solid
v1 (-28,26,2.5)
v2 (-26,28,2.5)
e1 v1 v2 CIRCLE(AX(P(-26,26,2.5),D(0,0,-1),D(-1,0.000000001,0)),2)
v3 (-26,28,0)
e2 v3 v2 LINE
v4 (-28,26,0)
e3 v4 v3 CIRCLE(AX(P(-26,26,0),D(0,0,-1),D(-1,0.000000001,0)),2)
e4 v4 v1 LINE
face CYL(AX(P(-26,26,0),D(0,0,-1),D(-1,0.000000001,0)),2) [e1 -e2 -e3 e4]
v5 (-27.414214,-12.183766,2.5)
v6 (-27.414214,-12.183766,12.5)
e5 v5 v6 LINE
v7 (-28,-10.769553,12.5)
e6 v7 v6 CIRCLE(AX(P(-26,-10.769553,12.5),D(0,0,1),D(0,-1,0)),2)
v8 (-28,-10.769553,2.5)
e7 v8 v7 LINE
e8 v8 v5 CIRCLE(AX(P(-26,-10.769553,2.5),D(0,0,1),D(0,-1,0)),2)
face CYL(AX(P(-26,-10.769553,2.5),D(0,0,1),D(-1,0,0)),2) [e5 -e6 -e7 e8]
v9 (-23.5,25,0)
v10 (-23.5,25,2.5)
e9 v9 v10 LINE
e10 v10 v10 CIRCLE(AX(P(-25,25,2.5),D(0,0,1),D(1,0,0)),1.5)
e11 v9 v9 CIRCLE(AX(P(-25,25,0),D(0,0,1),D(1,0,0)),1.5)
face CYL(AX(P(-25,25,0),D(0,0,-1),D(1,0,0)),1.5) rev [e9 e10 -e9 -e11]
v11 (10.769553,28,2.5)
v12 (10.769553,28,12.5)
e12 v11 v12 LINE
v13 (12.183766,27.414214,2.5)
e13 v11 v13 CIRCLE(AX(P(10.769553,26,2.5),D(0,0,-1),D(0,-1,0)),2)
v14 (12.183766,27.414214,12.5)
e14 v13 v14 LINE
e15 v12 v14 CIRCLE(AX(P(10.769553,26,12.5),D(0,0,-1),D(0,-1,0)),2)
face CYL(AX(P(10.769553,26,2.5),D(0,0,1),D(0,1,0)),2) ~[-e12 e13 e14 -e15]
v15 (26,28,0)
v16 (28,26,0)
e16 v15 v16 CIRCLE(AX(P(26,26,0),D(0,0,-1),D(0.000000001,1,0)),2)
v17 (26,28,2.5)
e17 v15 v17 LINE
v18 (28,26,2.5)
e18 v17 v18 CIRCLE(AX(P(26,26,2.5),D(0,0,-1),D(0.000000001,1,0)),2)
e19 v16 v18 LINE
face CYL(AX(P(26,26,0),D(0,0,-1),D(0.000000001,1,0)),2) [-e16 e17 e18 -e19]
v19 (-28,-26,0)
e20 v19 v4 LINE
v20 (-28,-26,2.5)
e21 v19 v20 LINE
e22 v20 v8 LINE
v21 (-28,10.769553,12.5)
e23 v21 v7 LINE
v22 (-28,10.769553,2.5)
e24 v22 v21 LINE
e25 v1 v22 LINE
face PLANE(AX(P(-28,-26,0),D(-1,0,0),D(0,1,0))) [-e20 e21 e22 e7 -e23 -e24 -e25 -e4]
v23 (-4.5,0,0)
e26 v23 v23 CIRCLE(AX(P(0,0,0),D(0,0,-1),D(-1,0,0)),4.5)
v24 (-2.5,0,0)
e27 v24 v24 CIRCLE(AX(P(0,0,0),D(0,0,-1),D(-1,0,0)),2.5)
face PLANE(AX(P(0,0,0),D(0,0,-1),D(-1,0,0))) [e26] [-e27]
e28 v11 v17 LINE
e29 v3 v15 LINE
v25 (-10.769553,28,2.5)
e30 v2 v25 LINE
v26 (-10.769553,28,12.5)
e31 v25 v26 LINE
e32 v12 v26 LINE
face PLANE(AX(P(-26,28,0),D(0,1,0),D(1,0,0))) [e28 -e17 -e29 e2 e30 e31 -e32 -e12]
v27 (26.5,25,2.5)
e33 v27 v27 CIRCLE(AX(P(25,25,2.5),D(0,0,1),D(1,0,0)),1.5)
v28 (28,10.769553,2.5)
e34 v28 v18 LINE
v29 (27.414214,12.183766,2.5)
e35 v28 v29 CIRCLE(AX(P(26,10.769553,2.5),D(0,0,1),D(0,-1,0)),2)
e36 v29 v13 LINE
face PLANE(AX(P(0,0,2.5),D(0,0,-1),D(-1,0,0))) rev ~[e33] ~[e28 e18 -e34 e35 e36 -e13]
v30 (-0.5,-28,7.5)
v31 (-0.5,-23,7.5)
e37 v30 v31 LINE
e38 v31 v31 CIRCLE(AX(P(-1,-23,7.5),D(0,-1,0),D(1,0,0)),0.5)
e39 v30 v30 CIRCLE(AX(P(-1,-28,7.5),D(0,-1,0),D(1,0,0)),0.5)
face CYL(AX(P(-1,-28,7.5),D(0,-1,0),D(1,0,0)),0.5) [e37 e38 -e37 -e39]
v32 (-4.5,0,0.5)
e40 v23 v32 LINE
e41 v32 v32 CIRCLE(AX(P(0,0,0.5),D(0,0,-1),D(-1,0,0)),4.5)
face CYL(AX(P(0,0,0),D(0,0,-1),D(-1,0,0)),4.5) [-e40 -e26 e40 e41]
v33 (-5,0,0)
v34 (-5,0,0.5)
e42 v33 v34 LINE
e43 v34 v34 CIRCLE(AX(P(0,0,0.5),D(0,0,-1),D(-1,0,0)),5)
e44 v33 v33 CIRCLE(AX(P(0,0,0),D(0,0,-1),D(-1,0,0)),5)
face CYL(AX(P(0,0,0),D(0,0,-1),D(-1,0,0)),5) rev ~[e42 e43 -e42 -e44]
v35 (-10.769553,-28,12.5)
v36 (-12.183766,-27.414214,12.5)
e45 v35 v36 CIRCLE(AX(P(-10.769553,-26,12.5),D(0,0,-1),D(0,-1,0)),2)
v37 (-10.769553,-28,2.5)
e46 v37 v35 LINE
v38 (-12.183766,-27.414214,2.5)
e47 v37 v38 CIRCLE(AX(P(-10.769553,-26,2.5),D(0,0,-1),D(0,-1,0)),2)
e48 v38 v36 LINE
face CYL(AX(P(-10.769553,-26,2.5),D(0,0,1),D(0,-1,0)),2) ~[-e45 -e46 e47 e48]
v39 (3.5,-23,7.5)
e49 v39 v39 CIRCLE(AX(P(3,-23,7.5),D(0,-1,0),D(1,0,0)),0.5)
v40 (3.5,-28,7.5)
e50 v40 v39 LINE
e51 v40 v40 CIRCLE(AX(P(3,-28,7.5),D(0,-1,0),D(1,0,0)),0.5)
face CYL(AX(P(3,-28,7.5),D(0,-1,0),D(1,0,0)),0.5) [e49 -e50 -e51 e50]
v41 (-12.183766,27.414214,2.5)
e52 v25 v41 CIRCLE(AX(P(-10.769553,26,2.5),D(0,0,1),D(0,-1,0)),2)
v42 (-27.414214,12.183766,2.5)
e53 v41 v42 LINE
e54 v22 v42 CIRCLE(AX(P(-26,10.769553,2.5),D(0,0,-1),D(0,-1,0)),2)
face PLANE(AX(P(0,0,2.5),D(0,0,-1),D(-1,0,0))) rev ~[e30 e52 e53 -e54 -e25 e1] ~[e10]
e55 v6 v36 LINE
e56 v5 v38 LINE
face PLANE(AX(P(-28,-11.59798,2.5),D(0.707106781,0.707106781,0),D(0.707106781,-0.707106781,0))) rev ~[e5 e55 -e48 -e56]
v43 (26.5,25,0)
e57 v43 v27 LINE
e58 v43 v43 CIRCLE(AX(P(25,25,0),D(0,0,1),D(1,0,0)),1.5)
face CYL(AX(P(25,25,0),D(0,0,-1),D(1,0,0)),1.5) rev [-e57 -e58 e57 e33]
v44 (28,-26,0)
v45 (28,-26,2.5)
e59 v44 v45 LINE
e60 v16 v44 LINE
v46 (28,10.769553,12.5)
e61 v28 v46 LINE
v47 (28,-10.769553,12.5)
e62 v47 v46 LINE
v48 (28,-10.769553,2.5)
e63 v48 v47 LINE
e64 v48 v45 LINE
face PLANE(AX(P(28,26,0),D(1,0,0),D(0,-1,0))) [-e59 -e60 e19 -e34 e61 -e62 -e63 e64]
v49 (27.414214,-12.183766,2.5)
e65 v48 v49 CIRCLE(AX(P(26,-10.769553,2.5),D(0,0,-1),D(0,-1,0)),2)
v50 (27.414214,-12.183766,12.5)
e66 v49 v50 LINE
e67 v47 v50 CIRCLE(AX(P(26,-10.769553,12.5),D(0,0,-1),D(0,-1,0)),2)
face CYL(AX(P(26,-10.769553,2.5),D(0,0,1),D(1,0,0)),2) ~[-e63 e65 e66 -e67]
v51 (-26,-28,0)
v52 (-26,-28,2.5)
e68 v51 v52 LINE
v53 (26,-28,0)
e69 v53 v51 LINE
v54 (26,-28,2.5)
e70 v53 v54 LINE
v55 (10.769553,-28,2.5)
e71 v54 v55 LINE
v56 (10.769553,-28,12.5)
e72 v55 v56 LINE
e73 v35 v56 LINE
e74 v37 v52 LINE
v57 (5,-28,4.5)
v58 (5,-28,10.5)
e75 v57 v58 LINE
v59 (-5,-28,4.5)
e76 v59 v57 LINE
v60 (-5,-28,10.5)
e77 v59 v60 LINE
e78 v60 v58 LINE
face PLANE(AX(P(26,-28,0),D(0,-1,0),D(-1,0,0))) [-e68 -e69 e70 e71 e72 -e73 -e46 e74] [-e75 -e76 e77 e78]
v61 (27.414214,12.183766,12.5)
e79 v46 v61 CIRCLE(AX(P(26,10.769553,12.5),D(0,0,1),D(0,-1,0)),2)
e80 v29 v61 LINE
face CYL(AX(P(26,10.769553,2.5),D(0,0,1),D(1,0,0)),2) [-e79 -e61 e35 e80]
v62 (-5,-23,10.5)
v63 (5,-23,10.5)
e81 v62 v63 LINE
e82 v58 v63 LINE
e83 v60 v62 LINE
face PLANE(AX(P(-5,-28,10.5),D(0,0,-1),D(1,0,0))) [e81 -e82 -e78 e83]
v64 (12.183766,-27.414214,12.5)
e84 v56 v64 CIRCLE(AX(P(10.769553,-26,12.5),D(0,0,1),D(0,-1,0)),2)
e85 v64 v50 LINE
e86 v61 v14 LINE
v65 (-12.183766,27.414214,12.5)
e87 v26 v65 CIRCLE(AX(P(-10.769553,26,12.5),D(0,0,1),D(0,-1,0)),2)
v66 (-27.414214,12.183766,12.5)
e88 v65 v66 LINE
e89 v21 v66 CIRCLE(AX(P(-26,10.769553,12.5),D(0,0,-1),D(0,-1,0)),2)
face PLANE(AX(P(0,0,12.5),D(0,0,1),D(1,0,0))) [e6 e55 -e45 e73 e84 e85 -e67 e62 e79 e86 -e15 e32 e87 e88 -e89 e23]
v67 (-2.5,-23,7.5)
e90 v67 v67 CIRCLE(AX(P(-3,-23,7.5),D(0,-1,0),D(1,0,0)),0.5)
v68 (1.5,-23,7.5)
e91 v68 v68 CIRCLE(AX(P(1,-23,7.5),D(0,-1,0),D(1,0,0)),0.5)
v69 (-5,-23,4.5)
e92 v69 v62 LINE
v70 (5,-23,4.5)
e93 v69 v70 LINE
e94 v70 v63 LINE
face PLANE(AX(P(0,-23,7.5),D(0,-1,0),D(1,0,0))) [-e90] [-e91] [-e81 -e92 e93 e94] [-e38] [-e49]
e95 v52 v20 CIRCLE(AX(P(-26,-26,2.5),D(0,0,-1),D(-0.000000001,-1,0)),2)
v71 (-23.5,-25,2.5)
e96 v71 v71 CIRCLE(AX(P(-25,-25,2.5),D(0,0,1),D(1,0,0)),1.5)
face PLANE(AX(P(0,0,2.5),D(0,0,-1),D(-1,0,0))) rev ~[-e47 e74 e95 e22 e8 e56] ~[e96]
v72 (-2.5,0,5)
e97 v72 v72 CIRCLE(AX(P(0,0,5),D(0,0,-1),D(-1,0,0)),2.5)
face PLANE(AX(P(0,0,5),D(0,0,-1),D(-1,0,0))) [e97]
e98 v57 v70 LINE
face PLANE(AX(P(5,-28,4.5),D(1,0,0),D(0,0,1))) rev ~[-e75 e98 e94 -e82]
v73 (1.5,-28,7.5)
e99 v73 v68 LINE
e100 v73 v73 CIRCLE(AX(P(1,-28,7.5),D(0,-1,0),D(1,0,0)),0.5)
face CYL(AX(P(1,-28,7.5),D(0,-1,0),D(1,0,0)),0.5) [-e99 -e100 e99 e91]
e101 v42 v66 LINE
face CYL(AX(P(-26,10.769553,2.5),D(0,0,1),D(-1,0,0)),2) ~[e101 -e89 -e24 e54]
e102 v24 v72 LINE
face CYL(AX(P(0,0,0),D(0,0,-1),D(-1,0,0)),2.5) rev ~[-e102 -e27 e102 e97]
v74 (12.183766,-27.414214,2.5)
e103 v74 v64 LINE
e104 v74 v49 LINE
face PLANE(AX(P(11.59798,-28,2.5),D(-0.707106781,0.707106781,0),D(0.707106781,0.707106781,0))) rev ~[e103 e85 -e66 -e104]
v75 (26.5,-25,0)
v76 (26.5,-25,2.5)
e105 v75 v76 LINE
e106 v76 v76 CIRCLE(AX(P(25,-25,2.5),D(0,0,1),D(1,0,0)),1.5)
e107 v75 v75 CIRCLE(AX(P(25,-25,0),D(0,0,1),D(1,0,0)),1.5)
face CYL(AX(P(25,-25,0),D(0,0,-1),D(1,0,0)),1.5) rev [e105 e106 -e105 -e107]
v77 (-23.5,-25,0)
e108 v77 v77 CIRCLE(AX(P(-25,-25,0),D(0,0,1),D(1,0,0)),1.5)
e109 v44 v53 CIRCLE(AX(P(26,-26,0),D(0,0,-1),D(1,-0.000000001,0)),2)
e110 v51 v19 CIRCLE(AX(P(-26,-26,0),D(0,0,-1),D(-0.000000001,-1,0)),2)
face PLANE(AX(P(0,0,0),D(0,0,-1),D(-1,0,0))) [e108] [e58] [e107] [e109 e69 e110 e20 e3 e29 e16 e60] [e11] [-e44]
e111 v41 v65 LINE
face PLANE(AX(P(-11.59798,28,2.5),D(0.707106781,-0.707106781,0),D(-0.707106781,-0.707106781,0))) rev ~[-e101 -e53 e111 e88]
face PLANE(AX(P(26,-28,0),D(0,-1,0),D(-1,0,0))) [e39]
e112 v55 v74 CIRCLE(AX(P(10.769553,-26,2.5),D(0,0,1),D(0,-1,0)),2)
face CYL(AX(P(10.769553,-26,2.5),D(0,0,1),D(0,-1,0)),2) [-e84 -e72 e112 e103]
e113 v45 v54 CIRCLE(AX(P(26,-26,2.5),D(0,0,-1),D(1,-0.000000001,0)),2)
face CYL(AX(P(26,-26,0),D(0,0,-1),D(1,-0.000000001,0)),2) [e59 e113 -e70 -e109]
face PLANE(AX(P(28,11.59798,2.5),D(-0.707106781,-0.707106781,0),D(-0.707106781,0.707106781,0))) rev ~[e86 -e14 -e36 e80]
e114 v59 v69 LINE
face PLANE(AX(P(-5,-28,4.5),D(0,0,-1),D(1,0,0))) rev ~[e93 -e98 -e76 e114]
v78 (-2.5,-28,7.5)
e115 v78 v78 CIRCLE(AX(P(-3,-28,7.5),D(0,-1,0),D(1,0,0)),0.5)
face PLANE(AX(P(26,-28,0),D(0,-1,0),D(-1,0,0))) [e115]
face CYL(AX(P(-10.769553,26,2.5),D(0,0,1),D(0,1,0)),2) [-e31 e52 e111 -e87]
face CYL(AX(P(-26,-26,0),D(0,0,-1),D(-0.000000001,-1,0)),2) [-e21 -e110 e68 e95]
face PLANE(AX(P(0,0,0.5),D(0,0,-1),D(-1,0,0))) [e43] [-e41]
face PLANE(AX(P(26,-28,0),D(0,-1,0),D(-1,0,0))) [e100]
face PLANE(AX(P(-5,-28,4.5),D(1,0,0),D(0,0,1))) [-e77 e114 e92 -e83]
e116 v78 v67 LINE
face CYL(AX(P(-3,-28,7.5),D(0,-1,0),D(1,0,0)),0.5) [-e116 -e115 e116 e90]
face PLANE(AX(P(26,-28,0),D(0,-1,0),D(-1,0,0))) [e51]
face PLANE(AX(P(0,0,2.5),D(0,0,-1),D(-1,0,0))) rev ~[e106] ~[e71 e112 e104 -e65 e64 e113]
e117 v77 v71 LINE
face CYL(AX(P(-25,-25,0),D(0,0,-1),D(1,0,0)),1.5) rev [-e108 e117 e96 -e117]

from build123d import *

# Parameters (mm, degrees)
SKETCH1_R           = 1.5
BOSS_EXTRUDE1_DEPTH = 2.5
BOSS_EXTRUDE2_DEPTH = 10
FILLET1_R           = 2
SKETCH3_R           = 2.5
CUT_EXTRUDE1_DEPTH  = 5
SKETCH4_R           = 5
SKETCH4_R_2         = 4.5
CUT_EXTRUDE2_DEPTH  = 0.5
SKETCH5_W           = 10
SKETCH5_H           = 6
SKETCH5_R           = 0.5
CUT_EXTRUDE3_DEPTH  = 5


with BuildPart() as part:
    # Sketch1 → Boss-Extrude1 (new body)
    with BuildSketch(Plane.XY):
        with BuildLine():
            Line((-26, 28), (26, 28))
            ThreePointArc((26, 28), (27.414213562, 27.414213562), (28, 26))
            Line((28, 26), (28, -26))
            ThreePointArc((28, -26), (27.414213562, -27.414213562), (26, -28))
            Line((26, -28), (-26, -28))
            ThreePointArc((-26, -28), (-27.414213562, -27.414213562), (-28, -26))
            Line((-28, -26), (-28, 26))
            ThreePointArc((-28, 26), (-27.414213562, 27.414213562), (-26, 28))
        make_face()
        with Locations((-25, 25)):
            Circle(SKETCH1_R, mode=Mode.SUBTRACT)
        with Locations((25, 25)):
            Circle(SKETCH1_R, mode=Mode.SUBTRACT)
        with Locations((25, -25)):
            Circle(SKETCH1_R, mode=Mode.SUBTRACT)
        with Locations((-25, -25)):
            Circle(SKETCH1_R, mode=Mode.SUBTRACT)
    extrude(amount=BOSS_EXTRUDE1_DEPTH)

    # Sketch2 → Boss-Extrude2 (add)
    with BuildSketch(Plane.XY.offset(2.5)):
        Polygon((-11.597979746, -28), (11.597979746, -28), (28, -11.597979746), (28, 11.597979746), (11.597979746, 28), (-11.597979746, 28), (-28, 11.597979746), (-28, -11.597979746), align=None)
    extrude(amount=BOSS_EXTRUDE2_DEPTH)

    # Fillet1
    fillet1_edges = [part.edges().sort_by_distance(p)[0] for p in [
        (11.597979746, -28, 7.5),
        (28, -11.597979746, 7.5),
        (28, 11.597979746, 7.5),
        (11.597979746, 28, 7.5),
        (-11.597979746, 28, 7.5),
        (-28, 11.597979746, 7.5),
        (-28, -11.597979746, 7.5),
        (-11.597979746, -28, 7.5),
    ]]
    fillet(fillet1_edges, radius=FILLET1_R)

    # Sketch3 → Cut-Extrude1 (cut)
    with BuildSketch(Plane(origin=(0, 0, 0), x_dir=(-1, 0, 0), z_dir=(0, 0, -1))):
        Circle(SKETCH3_R)
    extrude(amount=-CUT_EXTRUDE1_DEPTH, mode=Mode.SUBTRACT)

    # Sketch4 → Cut-Extrude2 (cut)
    with BuildSketch(Plane(origin=(0, 0, 0), x_dir=(-1, 0, 0), z_dir=(0, 0, -1))):
        Circle(SKETCH4_R)
        Circle(SKETCH4_R_2, mode=Mode.SUBTRACT)
    extrude(amount=-CUT_EXTRUDE2_DEPTH, mode=Mode.SUBTRACT)

    # Sketch5 → Cut-Extrude3 (cut)
    with BuildSketch(Plane.XZ.offset(28)):
        with Locations((0, 7.5)):
            Rectangle(SKETCH5_W, SKETCH5_H)
        with Locations((-3, 7.5)):
            Circle(SKETCH5_R, mode=Mode.SUBTRACT)
        with Locations((-1, 7.5)):
            Circle(SKETCH5_R, mode=Mode.SUBTRACT)
        with Locations((1, 7.5)):
            Circle(SKETCH5_R, mode=Mode.SUBTRACT)
        with Locations((3, 7.5)):
            Circle(SKETCH5_R, mode=Mode.SUBTRACT)
    extrude(amount=-CUT_EXTRUDE3_DEPTH, mode=Mode.SUBTRACT)


solid = part.part
